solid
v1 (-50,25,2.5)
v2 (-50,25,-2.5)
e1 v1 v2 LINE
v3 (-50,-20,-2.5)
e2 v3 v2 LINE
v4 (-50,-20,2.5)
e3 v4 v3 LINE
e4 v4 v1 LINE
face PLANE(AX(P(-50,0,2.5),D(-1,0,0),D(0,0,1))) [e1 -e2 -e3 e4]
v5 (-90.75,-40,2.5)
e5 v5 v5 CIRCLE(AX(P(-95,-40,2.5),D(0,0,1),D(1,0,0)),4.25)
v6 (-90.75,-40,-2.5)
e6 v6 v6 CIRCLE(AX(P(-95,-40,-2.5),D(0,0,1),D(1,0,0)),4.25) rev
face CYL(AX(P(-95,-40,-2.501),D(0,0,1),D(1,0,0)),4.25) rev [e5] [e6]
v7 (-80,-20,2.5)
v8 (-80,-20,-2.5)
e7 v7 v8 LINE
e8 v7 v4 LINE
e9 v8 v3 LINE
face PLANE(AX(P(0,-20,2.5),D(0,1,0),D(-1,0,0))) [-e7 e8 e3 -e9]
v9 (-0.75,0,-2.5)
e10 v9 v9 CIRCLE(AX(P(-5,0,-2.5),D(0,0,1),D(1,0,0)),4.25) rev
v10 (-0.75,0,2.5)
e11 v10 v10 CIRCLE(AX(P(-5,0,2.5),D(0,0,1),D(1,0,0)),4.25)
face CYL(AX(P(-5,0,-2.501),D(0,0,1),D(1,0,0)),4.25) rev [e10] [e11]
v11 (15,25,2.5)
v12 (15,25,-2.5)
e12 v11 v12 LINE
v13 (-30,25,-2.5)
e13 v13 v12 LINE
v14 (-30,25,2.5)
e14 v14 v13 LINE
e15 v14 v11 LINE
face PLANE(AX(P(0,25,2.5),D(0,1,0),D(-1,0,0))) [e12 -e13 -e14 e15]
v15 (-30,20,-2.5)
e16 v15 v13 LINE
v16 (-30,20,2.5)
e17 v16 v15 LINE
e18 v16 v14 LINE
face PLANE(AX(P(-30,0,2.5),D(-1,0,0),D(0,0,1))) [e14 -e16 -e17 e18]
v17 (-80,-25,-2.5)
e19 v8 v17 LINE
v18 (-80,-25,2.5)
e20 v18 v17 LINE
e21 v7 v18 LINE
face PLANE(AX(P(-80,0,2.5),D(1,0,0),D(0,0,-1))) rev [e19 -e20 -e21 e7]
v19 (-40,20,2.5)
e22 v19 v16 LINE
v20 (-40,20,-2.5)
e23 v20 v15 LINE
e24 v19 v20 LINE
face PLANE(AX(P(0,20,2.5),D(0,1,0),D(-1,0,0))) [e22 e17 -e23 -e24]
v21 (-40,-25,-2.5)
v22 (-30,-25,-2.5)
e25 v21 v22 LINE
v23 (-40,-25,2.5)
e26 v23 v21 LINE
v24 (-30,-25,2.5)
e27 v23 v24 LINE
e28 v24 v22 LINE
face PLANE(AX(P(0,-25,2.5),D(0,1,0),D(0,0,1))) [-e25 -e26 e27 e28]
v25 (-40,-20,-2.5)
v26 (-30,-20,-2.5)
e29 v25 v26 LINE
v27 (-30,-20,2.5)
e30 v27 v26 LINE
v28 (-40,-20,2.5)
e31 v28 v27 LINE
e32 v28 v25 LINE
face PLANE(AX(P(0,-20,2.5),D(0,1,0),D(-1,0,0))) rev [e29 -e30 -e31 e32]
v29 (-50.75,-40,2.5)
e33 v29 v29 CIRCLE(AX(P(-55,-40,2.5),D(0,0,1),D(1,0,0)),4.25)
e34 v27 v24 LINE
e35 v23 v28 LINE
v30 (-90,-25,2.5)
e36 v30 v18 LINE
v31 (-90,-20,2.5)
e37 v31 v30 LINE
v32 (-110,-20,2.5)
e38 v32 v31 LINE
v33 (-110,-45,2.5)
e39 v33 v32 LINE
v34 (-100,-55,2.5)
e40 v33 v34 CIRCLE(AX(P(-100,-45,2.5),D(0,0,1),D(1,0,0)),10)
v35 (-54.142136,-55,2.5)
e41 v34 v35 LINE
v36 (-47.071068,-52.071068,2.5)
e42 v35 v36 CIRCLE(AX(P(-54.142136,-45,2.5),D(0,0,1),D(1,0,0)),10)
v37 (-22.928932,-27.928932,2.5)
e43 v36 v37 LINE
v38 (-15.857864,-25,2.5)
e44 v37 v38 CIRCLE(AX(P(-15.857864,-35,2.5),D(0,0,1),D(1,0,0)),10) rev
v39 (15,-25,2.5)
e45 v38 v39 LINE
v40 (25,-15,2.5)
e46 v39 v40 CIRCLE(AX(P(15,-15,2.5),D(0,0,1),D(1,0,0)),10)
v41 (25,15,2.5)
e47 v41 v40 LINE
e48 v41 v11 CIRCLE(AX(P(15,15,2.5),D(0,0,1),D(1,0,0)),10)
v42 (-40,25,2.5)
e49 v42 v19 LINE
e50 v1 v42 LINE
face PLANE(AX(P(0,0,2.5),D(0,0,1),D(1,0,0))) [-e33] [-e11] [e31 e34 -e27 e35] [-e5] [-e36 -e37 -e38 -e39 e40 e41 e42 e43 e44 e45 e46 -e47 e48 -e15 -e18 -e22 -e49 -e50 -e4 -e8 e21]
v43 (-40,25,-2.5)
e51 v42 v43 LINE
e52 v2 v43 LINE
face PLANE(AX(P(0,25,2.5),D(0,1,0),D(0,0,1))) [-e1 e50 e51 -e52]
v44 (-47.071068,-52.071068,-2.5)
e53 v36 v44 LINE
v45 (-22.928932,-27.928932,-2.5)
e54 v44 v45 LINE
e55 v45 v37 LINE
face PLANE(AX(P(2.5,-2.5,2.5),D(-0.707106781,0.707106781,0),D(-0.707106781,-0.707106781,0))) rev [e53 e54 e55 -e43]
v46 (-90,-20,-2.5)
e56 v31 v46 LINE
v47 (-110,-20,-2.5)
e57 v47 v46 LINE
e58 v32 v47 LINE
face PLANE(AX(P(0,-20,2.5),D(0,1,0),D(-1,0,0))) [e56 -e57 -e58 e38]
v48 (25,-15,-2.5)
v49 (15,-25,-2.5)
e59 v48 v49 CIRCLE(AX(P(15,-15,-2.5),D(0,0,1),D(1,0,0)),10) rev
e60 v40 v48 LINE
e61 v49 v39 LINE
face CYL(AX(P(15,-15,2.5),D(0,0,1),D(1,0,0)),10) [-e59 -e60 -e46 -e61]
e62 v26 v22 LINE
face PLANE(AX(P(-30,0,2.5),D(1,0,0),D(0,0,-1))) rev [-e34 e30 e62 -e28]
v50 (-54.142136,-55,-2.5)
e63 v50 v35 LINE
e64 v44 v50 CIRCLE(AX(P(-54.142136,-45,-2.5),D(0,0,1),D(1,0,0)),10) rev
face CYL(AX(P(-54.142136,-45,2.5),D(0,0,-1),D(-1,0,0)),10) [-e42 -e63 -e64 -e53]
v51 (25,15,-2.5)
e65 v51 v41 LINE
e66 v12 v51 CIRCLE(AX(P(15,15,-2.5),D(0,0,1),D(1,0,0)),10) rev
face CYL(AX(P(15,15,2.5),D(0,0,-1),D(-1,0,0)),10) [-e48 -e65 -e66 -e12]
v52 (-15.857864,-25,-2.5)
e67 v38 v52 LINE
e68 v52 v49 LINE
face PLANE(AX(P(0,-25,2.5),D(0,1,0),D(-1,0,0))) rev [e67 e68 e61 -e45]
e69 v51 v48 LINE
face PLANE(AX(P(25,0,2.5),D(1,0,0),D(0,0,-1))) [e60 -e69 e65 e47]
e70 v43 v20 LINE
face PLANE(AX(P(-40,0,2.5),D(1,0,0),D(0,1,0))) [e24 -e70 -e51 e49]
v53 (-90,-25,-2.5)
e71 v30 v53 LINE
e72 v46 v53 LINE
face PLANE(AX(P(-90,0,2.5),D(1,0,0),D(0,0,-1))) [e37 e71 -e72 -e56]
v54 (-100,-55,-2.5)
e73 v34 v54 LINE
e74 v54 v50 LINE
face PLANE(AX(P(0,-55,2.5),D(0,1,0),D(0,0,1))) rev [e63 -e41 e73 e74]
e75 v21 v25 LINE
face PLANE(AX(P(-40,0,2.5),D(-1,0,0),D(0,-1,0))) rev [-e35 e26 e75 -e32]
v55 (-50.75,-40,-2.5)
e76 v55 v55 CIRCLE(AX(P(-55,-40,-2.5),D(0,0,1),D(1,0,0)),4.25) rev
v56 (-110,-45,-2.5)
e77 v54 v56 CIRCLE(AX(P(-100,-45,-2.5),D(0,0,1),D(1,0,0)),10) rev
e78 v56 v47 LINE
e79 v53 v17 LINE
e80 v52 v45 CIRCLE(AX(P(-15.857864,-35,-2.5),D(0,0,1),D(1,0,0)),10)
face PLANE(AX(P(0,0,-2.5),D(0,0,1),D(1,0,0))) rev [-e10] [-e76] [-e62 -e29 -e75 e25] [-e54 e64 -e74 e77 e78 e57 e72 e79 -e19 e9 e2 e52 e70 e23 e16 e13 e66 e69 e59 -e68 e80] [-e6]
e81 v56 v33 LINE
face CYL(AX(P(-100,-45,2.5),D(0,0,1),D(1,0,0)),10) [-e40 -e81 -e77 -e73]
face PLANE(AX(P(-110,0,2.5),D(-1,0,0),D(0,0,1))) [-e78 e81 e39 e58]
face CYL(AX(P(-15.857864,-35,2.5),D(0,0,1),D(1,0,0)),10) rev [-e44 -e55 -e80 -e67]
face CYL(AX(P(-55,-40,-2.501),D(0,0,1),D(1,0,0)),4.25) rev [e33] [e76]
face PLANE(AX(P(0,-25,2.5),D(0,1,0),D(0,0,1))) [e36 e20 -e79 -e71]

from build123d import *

# Parameters (mm, degrees)
SKETCH1_W           = 5
SKETCH1_H           = 10
BOSS_EXTRUDE1_DEPTH = 2.5
FILLET1_R           = 10
CUT_EXTRUDE1_REACH  = 125.085
SKETCH2_R           = 4.25


with BuildPart() as part:
    # Sketch1 → Boss-Extrude1 (new, symmetric)
    with BuildSketch(Plane(origin=(0, 0, 0), x_dir=(0, 1, 0), z_dir=(0, 0, 1))):
        Polygon((-55, 50), (-25, 20), (-25, -25), (25, -25), (25, 30), (20, 30), (20, 40), (25, 40), (25, 50), (-20, 50), (-20, 80), (-25, 80), (-25, 90), (-20, 90), (-20, 110), (-55, 110), align=None)
        with Locations((-22.5, 35)):
            Rectangle(SKETCH1_W, SKETCH1_H, mode=Mode.SUBTRACT)
    extrude(amount=BOSS_EXTRUDE1_DEPTH, both=True)

    # Fillet1
    fillet1_edges = [part.edges().sort_by_distance(p)[0] for p in [
        (-50, -55, 0),
        (-110, -55, 0),
        (25, 25, 0),
        (25, -25, 0),
        (-20, -25, 0),
    ]]
    fillet(fillet1_edges, radius=FILLET1_R)

    # Sketch2 → Cut-Extrude1 (cut, up to next)
    with BuildSketch(Plane.XY.offset(2.5), mode=Mode.PRIVATE) as cut_extrude1_sk1:
        with Locations((-95, -40)):
            Circle(SKETCH2_R)
    cut_extrude1_tool1 = extrude(cut_extrude1_sk1.sketch, amount=-CUT_EXTRUDE1_REACH, mode=Mode.PRIVATE) & part.part
    # Sketch2 → Cut-Extrude1 (cut, up to next)
    with BuildSketch(Plane.XY.offset(2.5), mode=Mode.PRIVATE) as cut_extrude1_sk2:
        with Locations((-55, -40)):
            Circle(SKETCH2_R)
    cut_extrude1_tool2 = extrude(cut_extrude1_sk2.sketch, amount=-CUT_EXTRUDE1_REACH, mode=Mode.PRIVATE) & part.part
    # Sketch2 → Cut-Extrude1 (cut, up to next)
    with BuildSketch(Plane.XY.offset(2.5), mode=Mode.PRIVATE) as cut_extrude1_sk3:
        with Locations((-5, 0)):
            Circle(SKETCH2_R)
    cut_extrude1_tool3 = extrude(cut_extrude1_sk3.sketch, amount=-CUT_EXTRUDE1_REACH, mode=Mode.PRIVATE) & part.part
    add(cut_extrude1_tool1.solids().sort_by_distance((-95, -40, 2.5))[0], mode=Mode.SUBTRACT)
    add(cut_extrude1_tool2.solids().sort_by_distance((-55, -40, 2.5))[0], mode=Mode.SUBTRACT)
    add(cut_extrude1_tool3.solids().sort_by_distance((-5, 0, 2.5))[0], mode=Mode.SUBTRACT)


solid = part.part
